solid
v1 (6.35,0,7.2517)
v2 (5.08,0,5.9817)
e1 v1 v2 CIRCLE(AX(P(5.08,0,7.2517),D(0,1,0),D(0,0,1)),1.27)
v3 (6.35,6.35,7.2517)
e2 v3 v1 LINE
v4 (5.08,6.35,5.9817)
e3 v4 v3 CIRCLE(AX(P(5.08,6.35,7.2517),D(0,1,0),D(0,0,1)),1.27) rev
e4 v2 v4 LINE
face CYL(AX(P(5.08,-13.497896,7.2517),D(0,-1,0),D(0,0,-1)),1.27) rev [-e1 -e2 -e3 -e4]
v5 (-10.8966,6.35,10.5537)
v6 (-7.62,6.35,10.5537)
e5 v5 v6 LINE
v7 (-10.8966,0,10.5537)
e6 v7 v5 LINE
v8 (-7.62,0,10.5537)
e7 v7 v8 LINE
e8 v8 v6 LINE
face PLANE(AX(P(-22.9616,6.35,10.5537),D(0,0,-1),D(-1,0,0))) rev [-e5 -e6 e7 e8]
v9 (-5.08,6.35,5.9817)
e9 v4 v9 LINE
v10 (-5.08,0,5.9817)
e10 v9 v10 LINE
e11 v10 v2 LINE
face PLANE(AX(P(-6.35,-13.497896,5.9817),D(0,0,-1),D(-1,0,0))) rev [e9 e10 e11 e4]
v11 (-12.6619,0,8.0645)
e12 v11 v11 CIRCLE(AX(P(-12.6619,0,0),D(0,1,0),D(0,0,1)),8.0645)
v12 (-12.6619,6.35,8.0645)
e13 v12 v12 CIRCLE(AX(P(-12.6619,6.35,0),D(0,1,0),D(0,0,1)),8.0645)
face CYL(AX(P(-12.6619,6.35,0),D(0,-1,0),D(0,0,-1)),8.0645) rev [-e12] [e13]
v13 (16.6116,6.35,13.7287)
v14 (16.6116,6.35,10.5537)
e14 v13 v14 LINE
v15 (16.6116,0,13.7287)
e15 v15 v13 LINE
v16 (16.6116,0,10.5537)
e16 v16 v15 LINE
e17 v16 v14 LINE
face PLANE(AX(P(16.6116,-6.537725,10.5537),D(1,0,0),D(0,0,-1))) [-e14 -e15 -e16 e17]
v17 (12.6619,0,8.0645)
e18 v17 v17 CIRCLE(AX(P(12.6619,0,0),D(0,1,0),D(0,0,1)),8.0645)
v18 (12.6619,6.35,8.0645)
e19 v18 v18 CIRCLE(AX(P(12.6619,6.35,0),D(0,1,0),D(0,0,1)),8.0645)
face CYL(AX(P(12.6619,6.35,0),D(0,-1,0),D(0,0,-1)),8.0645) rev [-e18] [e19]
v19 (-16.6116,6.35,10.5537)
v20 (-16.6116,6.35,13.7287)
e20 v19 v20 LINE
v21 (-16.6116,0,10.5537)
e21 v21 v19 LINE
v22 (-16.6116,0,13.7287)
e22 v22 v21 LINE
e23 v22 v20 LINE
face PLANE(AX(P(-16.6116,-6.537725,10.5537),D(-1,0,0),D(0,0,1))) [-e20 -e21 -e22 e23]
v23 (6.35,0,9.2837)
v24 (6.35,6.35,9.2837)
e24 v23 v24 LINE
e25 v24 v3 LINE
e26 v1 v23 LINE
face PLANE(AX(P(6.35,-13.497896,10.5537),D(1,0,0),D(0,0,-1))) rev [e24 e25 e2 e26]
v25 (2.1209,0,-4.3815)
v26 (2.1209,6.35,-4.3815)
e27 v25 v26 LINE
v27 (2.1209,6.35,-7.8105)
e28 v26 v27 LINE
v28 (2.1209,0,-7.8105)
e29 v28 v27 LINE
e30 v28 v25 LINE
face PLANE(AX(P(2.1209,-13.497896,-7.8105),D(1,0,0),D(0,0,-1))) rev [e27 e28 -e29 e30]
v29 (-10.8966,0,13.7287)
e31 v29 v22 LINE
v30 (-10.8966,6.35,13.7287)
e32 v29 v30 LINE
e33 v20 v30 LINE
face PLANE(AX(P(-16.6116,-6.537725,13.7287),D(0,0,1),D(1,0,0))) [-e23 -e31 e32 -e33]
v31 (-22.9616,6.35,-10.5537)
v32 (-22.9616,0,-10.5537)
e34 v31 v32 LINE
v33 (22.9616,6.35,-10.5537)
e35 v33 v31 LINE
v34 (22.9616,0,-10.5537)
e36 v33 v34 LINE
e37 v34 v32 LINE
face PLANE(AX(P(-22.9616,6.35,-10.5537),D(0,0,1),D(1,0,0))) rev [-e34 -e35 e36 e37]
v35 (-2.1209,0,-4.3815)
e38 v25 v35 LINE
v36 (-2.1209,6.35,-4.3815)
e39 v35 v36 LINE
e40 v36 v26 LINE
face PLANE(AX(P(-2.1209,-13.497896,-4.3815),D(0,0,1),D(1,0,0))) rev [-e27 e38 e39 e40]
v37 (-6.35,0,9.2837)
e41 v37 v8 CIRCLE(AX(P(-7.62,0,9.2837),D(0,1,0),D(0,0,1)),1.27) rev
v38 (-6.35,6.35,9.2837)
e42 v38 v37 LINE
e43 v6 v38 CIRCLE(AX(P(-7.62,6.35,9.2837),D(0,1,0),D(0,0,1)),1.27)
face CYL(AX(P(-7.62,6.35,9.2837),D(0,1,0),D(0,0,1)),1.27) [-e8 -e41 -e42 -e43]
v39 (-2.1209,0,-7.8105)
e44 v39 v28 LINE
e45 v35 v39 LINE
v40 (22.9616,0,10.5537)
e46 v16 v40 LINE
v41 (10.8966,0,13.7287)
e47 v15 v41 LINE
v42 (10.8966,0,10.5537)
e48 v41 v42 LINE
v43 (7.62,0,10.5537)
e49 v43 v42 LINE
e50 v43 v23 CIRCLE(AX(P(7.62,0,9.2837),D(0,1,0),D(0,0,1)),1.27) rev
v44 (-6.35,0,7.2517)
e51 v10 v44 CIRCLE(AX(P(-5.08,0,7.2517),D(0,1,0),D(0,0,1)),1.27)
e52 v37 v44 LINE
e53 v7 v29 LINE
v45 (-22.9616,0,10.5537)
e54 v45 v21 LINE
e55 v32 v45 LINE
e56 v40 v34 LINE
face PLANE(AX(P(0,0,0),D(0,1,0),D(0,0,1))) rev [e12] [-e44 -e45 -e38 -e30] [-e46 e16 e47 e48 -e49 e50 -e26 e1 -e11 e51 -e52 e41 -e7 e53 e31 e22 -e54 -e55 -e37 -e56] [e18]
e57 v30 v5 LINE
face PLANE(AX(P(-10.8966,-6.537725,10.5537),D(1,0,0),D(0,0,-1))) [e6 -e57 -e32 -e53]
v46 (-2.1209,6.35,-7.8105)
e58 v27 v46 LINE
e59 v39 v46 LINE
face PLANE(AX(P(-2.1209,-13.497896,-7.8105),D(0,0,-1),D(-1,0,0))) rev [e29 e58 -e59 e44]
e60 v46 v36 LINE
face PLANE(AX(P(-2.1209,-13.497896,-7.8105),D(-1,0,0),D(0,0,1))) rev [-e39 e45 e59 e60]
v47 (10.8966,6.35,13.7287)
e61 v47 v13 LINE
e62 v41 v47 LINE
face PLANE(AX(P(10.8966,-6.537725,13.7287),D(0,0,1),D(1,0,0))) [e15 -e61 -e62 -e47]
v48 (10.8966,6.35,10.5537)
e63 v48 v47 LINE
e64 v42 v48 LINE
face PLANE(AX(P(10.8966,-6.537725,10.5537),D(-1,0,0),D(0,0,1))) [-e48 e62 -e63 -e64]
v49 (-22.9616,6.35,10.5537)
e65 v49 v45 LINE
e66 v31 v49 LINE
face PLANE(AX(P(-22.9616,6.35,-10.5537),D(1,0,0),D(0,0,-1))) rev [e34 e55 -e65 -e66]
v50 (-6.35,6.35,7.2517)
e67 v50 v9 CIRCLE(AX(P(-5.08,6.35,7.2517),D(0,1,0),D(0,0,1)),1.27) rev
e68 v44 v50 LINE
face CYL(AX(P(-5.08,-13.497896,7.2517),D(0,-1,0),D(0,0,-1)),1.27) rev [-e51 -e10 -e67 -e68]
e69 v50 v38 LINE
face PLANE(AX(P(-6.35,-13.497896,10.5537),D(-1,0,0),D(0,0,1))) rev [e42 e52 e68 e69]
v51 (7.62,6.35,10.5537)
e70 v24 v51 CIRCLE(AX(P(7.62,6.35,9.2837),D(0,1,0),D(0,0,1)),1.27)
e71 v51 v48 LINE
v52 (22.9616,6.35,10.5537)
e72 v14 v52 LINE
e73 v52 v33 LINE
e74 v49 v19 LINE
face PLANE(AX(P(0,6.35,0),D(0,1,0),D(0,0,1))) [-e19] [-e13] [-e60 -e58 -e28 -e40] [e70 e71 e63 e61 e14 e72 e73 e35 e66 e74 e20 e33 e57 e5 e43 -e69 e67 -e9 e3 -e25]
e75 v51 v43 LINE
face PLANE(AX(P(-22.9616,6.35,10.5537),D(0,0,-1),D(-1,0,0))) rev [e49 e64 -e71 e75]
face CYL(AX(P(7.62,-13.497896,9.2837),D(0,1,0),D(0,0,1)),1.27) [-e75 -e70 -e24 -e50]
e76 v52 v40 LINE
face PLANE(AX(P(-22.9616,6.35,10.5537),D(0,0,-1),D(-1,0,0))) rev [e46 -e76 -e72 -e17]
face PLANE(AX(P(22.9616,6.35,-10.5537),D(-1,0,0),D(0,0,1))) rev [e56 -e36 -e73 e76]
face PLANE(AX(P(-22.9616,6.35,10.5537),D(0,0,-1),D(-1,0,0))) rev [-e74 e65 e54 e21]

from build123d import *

# Parameters (mm, degrees)
SKETCH1_W           = 45.9232
SKETCH1_H           = 21.1074
SKETCH1_R           = 8.0645
BOSS_EXTRUDE1_DEPTH = 6.35
SKETCH2_W           = 4.2418
SKETCH2_H           = 3.429
SKETCH2_W_2         = 12.7
SKETCH2_H_2         = 4.572
CUT_EXTRUDE1_DEPTH  = 6.35
SKETCH4_W           = 5.715
SKETCH4_H           = 3.175
BOSS_EXTRUDE3_DEPTH = 6.35
FILLET1_R           = 1.27


with BuildPart() as part:
    # Sketch1 → Boss-Extrude1 (new body)
    with BuildSketch(Plane(origin=(0, 0, 0), x_dir=(1, 0, 0), z_dir=(0, 1, 0))):
        Rectangle(SKETCH1_W, SKETCH1_H)
        with Locations((-12.6619, 0)):
            Circle(SKETCH1_R, mode=Mode.SUBTRACT)
        with Locations((12.6619, 0)):
            Circle(SKETCH1_R, mode=Mode.SUBTRACT)
    extrude(amount=BOSS_EXTRUDE1_DEPTH)

    # Sketch2 → Cut-Extrude1 (cut)
    with BuildSketch(Plane(origin=(0, 6.35, 0), x_dir=(1, 0, 0), z_dir=(0, 1, 0))):
        with Locations((0, 6.096)):
            Rectangle(SKETCH2_W, SKETCH2_H)
        with Locations((0, -8.2677)):
            Rectangle(SKETCH2_W_2, SKETCH2_H_2)
    extrude(amount=-CUT_EXTRUDE1_DEPTH, mode=Mode.SUBTRACT)

    # Sketch4 → Boss-Extrude3 (add)
    with BuildSketch(Plane(origin=(0, 6.35, 0), x_dir=(1, 0, 0), z_dir=(0, 1, 0))):
        with Locations((-13.7541, -12.1412)):
            Rectangle(SKETCH4_W, SKETCH4_H)
        with Locations((13.7541, -12.1412)):
            Rectangle(SKETCH4_W, SKETCH4_H)
    extrude(amount=-BOSS_EXTRUDE3_DEPTH)

    # Fillet1
    fillet1_edges = [part.edges().sort_by_distance(p)[0] for p in [
        (-6.35, 3.175, 10.5537),
        (-6.35, 3.175, 5.9817),
        (6.35, 3.175, 5.9817),
        (6.35, 3.175, 10.5537),
    ]]
    fillet(fillet1_edges, radius=FILLET1_R)


solid = part.part
